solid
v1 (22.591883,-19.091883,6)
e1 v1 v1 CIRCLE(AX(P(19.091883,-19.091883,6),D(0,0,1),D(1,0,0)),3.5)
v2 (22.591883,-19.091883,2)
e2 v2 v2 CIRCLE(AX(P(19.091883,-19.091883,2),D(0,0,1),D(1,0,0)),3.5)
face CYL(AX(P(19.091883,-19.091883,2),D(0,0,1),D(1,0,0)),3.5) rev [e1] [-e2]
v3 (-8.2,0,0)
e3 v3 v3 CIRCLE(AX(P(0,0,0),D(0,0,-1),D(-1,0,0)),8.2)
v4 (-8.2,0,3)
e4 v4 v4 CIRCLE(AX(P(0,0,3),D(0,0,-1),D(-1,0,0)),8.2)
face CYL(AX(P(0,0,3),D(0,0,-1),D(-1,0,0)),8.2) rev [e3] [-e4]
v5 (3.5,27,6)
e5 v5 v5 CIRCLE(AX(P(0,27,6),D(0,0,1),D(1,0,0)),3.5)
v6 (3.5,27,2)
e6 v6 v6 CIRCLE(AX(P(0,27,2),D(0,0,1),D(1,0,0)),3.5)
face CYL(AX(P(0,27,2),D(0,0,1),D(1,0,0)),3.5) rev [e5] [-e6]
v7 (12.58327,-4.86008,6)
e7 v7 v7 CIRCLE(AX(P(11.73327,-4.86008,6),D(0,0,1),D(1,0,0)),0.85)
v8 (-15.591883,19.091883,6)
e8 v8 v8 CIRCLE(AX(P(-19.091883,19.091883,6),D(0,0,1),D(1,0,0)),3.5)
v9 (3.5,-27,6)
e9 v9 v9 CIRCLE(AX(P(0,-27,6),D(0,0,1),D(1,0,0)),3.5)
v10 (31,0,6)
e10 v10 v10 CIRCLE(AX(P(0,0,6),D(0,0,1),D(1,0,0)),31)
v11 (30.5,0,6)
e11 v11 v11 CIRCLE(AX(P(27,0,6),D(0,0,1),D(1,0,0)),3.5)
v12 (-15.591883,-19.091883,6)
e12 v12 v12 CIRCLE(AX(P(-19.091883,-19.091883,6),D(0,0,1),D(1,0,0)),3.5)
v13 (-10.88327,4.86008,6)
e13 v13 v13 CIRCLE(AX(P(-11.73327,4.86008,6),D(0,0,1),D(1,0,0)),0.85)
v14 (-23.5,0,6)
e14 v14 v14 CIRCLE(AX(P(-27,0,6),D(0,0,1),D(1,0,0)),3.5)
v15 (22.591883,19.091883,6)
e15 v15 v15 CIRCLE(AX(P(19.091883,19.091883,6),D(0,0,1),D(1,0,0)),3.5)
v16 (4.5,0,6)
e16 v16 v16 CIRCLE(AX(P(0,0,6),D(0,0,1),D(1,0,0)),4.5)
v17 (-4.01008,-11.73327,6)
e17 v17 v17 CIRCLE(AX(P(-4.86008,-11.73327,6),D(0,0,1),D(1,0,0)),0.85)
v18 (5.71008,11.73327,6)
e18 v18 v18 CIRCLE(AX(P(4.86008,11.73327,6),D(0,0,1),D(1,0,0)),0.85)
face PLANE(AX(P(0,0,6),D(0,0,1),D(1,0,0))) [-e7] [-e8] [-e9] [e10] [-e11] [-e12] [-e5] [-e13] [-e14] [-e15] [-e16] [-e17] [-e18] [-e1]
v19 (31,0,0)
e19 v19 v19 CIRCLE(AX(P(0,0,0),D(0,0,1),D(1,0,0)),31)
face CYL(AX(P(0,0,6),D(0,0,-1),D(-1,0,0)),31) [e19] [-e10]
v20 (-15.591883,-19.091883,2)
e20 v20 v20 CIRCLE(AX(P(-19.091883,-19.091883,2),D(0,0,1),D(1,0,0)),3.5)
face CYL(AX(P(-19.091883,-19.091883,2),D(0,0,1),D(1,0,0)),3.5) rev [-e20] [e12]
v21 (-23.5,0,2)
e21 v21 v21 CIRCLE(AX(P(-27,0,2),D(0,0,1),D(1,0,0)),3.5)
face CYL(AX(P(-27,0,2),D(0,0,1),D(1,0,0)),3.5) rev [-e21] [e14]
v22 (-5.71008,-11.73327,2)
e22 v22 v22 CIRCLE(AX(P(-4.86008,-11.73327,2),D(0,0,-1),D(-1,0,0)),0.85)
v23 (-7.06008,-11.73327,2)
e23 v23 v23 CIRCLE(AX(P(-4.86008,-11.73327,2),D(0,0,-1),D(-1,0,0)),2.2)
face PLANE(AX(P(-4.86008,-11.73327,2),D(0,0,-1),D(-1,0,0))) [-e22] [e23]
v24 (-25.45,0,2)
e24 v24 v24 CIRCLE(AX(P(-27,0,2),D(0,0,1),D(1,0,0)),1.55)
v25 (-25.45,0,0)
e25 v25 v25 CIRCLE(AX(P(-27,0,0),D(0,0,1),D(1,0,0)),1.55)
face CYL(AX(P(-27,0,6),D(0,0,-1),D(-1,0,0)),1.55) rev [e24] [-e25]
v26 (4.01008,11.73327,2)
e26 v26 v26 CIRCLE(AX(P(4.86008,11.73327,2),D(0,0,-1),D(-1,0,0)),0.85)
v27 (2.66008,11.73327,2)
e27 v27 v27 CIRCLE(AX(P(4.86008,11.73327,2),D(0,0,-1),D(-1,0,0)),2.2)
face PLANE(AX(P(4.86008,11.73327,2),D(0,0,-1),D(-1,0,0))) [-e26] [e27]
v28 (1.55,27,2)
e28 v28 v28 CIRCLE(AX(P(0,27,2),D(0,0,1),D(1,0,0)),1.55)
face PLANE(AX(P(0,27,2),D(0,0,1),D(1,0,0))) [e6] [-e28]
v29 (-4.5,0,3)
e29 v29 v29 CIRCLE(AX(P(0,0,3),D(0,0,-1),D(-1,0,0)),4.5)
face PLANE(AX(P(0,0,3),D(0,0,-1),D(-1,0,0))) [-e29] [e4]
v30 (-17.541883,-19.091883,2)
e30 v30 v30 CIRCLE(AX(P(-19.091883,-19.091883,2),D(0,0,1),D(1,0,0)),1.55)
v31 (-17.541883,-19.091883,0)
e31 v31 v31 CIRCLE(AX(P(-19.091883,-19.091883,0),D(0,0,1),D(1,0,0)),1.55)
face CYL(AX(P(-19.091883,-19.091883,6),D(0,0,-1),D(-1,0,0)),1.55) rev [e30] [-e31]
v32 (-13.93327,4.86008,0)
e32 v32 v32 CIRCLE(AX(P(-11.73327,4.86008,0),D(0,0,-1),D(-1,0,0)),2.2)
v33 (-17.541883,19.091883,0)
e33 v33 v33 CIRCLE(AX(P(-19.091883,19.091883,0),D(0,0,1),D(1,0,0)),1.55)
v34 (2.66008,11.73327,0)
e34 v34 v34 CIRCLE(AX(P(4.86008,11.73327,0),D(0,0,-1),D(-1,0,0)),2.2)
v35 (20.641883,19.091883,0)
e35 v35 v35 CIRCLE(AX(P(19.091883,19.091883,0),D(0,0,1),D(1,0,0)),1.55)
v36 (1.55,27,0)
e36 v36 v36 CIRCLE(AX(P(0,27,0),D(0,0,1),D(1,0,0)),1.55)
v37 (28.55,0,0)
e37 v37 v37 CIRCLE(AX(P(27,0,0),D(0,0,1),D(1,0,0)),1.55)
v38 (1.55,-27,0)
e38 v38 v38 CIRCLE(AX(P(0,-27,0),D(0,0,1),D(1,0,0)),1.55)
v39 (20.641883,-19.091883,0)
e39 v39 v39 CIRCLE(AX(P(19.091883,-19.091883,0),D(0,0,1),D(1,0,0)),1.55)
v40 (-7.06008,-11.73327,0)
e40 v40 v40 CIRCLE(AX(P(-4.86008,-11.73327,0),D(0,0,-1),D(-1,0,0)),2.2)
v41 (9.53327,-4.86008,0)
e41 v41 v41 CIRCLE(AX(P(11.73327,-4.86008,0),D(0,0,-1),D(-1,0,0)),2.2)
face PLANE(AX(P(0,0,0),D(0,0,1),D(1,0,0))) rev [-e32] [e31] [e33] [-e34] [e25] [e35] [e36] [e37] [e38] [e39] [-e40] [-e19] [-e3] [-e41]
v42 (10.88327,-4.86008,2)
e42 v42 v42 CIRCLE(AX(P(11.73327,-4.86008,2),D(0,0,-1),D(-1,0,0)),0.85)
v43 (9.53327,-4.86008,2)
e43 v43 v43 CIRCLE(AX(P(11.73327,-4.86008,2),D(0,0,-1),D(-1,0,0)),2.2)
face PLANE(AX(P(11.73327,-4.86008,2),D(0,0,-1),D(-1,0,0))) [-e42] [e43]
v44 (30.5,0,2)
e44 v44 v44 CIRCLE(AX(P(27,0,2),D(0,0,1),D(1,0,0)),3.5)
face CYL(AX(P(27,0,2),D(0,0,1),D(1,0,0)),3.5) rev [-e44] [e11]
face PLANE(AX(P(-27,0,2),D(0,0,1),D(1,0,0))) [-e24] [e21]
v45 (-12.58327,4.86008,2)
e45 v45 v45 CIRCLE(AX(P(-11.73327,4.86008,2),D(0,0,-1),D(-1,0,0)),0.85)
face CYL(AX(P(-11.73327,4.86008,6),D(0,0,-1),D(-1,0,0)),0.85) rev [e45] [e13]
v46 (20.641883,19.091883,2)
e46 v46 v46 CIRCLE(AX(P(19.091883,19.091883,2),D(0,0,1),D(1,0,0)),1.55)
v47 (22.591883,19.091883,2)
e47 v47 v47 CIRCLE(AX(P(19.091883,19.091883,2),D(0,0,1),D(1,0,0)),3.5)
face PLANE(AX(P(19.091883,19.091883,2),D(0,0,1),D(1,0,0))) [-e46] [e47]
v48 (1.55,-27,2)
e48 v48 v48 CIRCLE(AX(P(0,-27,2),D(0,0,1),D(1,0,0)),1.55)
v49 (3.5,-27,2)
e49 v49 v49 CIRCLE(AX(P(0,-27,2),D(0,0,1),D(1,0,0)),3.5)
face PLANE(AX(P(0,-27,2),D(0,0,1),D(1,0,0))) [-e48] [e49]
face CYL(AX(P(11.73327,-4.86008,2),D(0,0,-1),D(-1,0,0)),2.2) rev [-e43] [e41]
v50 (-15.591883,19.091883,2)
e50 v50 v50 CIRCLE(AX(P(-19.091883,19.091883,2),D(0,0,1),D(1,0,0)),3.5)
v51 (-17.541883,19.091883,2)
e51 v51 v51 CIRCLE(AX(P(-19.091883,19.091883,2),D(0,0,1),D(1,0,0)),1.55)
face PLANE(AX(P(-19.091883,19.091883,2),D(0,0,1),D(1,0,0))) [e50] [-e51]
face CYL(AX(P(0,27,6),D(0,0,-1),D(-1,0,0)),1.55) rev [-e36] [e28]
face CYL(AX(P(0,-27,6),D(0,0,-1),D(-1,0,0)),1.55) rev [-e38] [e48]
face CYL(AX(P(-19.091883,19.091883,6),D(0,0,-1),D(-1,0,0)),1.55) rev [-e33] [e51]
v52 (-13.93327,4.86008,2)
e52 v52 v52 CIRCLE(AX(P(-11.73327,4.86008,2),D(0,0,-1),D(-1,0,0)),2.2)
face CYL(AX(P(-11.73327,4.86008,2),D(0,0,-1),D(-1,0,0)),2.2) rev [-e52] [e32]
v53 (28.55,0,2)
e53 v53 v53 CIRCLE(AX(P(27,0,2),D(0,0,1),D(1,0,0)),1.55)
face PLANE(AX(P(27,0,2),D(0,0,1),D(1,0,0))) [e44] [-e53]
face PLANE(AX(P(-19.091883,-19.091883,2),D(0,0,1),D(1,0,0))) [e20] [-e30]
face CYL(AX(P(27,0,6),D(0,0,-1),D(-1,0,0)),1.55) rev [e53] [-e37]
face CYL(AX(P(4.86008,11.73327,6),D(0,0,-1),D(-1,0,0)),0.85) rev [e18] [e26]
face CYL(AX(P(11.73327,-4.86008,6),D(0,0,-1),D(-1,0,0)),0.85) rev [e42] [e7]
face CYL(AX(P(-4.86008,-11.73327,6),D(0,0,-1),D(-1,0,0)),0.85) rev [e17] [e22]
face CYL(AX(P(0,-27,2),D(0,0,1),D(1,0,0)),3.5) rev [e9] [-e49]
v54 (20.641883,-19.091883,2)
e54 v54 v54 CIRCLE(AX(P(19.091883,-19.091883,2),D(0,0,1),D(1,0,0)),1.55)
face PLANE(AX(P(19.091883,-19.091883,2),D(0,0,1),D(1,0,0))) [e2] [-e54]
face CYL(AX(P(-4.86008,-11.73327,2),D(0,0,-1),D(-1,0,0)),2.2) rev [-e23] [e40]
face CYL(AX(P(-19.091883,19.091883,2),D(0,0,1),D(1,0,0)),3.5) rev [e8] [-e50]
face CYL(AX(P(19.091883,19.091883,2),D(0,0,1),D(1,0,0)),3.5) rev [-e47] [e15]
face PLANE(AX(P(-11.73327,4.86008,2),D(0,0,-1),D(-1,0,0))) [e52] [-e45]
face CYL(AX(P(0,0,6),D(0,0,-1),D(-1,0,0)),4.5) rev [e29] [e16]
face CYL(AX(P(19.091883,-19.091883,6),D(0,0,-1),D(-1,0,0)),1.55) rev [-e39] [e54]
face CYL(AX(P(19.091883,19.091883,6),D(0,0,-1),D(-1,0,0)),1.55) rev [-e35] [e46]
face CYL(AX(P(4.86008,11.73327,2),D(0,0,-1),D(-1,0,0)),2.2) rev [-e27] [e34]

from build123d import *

# Parameters (mm, degrees)
SKETCH1_R           = 31
SKETCH1_R_2         = 4.5
SKETCH1_R_3         = 0.85
SKETCH1_R_4         = 1.55
BOSS_EXTRUDE2_DEPTH = 6
SKETCH5_R           = 8.2
CUT_EXTRUDE3_DEPTH  = 3
SKETCH6_R           = 3.5
CUT_EXTRUDE4_DEPTH  = 4
SKETCH7_R           = 2.2
CUT_EXTRUDE5_DEPTH  = 2


with BuildPart() as part:
    # Sketch1 → Boss-Extrude2 (new body)
    with BuildSketch(Plane.XY):
        Circle(SKETCH1_R)
        Circle(SKETCH1_R_2, mode=Mode.SUBTRACT)
        with Locations((4.860079591, 11.733270063)):
            Circle(SKETCH1_R_3, mode=Mode.SUBTRACT)
        with Locations((11.733270063, -4.860079591)):
            Circle(SKETCH1_R_3, mode=Mode.SUBTRACT)
        with Locations((-4.860079591, -11.733270063)):
            Circle(SKETCH1_R_3, mode=Mode.SUBTRACT)
        with Locations((-11.733270063, 4.860079591)):
            Circle(SKETCH1_R_3, mode=Mode.SUBTRACT)
        with Locations((-27, 0)):
            Circle(SKETCH1_R_4, mode=Mode.SUBTRACT)
        with Locations((-19.091883092, 19.091883092)):
            Circle(SKETCH1_R_4, mode=Mode.SUBTRACT)
        with Locations((0, 27)):
            Circle(SKETCH1_R_4, mode=Mode.SUBTRACT)
        with Locations((19.091883092, 19.091883092)):
            Circle(SKETCH1_R_4, mode=Mode.SUBTRACT)
        with Locations((27, 0)):
            Circle(SKETCH1_R_4, mode=Mode.SUBTRACT)
        with Locations((19.091883092, -19.091883092)):
            Circle(SKETCH1_R_4, mode=Mode.SUBTRACT)
        with Locations((0, -27)):
            Circle(SKETCH1_R_4, mode=Mode.SUBTRACT)
        with Locations((-19.091883092, -19.091883092)):
            Circle(SKETCH1_R_4, mode=Mode.SUBTRACT)
    extrude(amount=BOSS_EXTRUDE2_DEPTH)

    # Sketch5 → Cut-Extrude3 (cut)
    with BuildSketch(Plane(origin=(0, 0, 0), x_dir=(-1, 0, 0), z_dir=(0, 0, -1))):
        Circle(SKETCH5_R)
    extrude(amount=-CUT_EXTRUDE3_DEPTH, mode=Mode.SUBTRACT)

    # Sketch6 → Cut-Extrude4 (cut)
    with BuildSketch(Plane.XY.offset(6)):
        with Locations((0, 27)):
            Circle(SKETCH6_R)
        with Locations((19.091883092, 19.091883092)):
            Circle(SKETCH6_R)
        with Locations((27, 0)):
            Circle(SKETCH6_R)
        with Locations((19.091883092, -19.091883092)):
            Circle(SKETCH6_R)
        with Locations((0, -27)):
            Circle(SKETCH6_R)
        with Locations((-19.091883092, -19.091883092)):
            Circle(SKETCH6_R)
        with Locations((-27, 0)):
            Circle(SKETCH6_R)
        with Locations((-19.091883092, 19.091883092)):
            Circle(SKETCH6_R)
    extrude(amount=-CUT_EXTRUDE4_DEPTH, mode=Mode.SUBTRACT)

    # Sketch7 → Cut-Extrude5 (cut)
    with BuildSketch(Plane(origin=(0, 0, 0), x_dir=(-1, 0, 0), z_dir=(0, 0, -1))):
        with Locations((-4.860079591, 11.733270063)):
            Circle(SKETCH7_R)
        with Locations((11.733270063, 4.860079591)):
            Circle(SKETCH7_R)
        with Locations((4.860079591, -11.733270063)):
            Circle(SKETCH7_R)
        with Locations((-11.733270063, -4.860079591)):
            Circle(SKETCH7_R)
    extrude(amount=-CUT_EXTRUDE5_DEPTH, mode=Mode.SUBTRACT)


solid = part.part
